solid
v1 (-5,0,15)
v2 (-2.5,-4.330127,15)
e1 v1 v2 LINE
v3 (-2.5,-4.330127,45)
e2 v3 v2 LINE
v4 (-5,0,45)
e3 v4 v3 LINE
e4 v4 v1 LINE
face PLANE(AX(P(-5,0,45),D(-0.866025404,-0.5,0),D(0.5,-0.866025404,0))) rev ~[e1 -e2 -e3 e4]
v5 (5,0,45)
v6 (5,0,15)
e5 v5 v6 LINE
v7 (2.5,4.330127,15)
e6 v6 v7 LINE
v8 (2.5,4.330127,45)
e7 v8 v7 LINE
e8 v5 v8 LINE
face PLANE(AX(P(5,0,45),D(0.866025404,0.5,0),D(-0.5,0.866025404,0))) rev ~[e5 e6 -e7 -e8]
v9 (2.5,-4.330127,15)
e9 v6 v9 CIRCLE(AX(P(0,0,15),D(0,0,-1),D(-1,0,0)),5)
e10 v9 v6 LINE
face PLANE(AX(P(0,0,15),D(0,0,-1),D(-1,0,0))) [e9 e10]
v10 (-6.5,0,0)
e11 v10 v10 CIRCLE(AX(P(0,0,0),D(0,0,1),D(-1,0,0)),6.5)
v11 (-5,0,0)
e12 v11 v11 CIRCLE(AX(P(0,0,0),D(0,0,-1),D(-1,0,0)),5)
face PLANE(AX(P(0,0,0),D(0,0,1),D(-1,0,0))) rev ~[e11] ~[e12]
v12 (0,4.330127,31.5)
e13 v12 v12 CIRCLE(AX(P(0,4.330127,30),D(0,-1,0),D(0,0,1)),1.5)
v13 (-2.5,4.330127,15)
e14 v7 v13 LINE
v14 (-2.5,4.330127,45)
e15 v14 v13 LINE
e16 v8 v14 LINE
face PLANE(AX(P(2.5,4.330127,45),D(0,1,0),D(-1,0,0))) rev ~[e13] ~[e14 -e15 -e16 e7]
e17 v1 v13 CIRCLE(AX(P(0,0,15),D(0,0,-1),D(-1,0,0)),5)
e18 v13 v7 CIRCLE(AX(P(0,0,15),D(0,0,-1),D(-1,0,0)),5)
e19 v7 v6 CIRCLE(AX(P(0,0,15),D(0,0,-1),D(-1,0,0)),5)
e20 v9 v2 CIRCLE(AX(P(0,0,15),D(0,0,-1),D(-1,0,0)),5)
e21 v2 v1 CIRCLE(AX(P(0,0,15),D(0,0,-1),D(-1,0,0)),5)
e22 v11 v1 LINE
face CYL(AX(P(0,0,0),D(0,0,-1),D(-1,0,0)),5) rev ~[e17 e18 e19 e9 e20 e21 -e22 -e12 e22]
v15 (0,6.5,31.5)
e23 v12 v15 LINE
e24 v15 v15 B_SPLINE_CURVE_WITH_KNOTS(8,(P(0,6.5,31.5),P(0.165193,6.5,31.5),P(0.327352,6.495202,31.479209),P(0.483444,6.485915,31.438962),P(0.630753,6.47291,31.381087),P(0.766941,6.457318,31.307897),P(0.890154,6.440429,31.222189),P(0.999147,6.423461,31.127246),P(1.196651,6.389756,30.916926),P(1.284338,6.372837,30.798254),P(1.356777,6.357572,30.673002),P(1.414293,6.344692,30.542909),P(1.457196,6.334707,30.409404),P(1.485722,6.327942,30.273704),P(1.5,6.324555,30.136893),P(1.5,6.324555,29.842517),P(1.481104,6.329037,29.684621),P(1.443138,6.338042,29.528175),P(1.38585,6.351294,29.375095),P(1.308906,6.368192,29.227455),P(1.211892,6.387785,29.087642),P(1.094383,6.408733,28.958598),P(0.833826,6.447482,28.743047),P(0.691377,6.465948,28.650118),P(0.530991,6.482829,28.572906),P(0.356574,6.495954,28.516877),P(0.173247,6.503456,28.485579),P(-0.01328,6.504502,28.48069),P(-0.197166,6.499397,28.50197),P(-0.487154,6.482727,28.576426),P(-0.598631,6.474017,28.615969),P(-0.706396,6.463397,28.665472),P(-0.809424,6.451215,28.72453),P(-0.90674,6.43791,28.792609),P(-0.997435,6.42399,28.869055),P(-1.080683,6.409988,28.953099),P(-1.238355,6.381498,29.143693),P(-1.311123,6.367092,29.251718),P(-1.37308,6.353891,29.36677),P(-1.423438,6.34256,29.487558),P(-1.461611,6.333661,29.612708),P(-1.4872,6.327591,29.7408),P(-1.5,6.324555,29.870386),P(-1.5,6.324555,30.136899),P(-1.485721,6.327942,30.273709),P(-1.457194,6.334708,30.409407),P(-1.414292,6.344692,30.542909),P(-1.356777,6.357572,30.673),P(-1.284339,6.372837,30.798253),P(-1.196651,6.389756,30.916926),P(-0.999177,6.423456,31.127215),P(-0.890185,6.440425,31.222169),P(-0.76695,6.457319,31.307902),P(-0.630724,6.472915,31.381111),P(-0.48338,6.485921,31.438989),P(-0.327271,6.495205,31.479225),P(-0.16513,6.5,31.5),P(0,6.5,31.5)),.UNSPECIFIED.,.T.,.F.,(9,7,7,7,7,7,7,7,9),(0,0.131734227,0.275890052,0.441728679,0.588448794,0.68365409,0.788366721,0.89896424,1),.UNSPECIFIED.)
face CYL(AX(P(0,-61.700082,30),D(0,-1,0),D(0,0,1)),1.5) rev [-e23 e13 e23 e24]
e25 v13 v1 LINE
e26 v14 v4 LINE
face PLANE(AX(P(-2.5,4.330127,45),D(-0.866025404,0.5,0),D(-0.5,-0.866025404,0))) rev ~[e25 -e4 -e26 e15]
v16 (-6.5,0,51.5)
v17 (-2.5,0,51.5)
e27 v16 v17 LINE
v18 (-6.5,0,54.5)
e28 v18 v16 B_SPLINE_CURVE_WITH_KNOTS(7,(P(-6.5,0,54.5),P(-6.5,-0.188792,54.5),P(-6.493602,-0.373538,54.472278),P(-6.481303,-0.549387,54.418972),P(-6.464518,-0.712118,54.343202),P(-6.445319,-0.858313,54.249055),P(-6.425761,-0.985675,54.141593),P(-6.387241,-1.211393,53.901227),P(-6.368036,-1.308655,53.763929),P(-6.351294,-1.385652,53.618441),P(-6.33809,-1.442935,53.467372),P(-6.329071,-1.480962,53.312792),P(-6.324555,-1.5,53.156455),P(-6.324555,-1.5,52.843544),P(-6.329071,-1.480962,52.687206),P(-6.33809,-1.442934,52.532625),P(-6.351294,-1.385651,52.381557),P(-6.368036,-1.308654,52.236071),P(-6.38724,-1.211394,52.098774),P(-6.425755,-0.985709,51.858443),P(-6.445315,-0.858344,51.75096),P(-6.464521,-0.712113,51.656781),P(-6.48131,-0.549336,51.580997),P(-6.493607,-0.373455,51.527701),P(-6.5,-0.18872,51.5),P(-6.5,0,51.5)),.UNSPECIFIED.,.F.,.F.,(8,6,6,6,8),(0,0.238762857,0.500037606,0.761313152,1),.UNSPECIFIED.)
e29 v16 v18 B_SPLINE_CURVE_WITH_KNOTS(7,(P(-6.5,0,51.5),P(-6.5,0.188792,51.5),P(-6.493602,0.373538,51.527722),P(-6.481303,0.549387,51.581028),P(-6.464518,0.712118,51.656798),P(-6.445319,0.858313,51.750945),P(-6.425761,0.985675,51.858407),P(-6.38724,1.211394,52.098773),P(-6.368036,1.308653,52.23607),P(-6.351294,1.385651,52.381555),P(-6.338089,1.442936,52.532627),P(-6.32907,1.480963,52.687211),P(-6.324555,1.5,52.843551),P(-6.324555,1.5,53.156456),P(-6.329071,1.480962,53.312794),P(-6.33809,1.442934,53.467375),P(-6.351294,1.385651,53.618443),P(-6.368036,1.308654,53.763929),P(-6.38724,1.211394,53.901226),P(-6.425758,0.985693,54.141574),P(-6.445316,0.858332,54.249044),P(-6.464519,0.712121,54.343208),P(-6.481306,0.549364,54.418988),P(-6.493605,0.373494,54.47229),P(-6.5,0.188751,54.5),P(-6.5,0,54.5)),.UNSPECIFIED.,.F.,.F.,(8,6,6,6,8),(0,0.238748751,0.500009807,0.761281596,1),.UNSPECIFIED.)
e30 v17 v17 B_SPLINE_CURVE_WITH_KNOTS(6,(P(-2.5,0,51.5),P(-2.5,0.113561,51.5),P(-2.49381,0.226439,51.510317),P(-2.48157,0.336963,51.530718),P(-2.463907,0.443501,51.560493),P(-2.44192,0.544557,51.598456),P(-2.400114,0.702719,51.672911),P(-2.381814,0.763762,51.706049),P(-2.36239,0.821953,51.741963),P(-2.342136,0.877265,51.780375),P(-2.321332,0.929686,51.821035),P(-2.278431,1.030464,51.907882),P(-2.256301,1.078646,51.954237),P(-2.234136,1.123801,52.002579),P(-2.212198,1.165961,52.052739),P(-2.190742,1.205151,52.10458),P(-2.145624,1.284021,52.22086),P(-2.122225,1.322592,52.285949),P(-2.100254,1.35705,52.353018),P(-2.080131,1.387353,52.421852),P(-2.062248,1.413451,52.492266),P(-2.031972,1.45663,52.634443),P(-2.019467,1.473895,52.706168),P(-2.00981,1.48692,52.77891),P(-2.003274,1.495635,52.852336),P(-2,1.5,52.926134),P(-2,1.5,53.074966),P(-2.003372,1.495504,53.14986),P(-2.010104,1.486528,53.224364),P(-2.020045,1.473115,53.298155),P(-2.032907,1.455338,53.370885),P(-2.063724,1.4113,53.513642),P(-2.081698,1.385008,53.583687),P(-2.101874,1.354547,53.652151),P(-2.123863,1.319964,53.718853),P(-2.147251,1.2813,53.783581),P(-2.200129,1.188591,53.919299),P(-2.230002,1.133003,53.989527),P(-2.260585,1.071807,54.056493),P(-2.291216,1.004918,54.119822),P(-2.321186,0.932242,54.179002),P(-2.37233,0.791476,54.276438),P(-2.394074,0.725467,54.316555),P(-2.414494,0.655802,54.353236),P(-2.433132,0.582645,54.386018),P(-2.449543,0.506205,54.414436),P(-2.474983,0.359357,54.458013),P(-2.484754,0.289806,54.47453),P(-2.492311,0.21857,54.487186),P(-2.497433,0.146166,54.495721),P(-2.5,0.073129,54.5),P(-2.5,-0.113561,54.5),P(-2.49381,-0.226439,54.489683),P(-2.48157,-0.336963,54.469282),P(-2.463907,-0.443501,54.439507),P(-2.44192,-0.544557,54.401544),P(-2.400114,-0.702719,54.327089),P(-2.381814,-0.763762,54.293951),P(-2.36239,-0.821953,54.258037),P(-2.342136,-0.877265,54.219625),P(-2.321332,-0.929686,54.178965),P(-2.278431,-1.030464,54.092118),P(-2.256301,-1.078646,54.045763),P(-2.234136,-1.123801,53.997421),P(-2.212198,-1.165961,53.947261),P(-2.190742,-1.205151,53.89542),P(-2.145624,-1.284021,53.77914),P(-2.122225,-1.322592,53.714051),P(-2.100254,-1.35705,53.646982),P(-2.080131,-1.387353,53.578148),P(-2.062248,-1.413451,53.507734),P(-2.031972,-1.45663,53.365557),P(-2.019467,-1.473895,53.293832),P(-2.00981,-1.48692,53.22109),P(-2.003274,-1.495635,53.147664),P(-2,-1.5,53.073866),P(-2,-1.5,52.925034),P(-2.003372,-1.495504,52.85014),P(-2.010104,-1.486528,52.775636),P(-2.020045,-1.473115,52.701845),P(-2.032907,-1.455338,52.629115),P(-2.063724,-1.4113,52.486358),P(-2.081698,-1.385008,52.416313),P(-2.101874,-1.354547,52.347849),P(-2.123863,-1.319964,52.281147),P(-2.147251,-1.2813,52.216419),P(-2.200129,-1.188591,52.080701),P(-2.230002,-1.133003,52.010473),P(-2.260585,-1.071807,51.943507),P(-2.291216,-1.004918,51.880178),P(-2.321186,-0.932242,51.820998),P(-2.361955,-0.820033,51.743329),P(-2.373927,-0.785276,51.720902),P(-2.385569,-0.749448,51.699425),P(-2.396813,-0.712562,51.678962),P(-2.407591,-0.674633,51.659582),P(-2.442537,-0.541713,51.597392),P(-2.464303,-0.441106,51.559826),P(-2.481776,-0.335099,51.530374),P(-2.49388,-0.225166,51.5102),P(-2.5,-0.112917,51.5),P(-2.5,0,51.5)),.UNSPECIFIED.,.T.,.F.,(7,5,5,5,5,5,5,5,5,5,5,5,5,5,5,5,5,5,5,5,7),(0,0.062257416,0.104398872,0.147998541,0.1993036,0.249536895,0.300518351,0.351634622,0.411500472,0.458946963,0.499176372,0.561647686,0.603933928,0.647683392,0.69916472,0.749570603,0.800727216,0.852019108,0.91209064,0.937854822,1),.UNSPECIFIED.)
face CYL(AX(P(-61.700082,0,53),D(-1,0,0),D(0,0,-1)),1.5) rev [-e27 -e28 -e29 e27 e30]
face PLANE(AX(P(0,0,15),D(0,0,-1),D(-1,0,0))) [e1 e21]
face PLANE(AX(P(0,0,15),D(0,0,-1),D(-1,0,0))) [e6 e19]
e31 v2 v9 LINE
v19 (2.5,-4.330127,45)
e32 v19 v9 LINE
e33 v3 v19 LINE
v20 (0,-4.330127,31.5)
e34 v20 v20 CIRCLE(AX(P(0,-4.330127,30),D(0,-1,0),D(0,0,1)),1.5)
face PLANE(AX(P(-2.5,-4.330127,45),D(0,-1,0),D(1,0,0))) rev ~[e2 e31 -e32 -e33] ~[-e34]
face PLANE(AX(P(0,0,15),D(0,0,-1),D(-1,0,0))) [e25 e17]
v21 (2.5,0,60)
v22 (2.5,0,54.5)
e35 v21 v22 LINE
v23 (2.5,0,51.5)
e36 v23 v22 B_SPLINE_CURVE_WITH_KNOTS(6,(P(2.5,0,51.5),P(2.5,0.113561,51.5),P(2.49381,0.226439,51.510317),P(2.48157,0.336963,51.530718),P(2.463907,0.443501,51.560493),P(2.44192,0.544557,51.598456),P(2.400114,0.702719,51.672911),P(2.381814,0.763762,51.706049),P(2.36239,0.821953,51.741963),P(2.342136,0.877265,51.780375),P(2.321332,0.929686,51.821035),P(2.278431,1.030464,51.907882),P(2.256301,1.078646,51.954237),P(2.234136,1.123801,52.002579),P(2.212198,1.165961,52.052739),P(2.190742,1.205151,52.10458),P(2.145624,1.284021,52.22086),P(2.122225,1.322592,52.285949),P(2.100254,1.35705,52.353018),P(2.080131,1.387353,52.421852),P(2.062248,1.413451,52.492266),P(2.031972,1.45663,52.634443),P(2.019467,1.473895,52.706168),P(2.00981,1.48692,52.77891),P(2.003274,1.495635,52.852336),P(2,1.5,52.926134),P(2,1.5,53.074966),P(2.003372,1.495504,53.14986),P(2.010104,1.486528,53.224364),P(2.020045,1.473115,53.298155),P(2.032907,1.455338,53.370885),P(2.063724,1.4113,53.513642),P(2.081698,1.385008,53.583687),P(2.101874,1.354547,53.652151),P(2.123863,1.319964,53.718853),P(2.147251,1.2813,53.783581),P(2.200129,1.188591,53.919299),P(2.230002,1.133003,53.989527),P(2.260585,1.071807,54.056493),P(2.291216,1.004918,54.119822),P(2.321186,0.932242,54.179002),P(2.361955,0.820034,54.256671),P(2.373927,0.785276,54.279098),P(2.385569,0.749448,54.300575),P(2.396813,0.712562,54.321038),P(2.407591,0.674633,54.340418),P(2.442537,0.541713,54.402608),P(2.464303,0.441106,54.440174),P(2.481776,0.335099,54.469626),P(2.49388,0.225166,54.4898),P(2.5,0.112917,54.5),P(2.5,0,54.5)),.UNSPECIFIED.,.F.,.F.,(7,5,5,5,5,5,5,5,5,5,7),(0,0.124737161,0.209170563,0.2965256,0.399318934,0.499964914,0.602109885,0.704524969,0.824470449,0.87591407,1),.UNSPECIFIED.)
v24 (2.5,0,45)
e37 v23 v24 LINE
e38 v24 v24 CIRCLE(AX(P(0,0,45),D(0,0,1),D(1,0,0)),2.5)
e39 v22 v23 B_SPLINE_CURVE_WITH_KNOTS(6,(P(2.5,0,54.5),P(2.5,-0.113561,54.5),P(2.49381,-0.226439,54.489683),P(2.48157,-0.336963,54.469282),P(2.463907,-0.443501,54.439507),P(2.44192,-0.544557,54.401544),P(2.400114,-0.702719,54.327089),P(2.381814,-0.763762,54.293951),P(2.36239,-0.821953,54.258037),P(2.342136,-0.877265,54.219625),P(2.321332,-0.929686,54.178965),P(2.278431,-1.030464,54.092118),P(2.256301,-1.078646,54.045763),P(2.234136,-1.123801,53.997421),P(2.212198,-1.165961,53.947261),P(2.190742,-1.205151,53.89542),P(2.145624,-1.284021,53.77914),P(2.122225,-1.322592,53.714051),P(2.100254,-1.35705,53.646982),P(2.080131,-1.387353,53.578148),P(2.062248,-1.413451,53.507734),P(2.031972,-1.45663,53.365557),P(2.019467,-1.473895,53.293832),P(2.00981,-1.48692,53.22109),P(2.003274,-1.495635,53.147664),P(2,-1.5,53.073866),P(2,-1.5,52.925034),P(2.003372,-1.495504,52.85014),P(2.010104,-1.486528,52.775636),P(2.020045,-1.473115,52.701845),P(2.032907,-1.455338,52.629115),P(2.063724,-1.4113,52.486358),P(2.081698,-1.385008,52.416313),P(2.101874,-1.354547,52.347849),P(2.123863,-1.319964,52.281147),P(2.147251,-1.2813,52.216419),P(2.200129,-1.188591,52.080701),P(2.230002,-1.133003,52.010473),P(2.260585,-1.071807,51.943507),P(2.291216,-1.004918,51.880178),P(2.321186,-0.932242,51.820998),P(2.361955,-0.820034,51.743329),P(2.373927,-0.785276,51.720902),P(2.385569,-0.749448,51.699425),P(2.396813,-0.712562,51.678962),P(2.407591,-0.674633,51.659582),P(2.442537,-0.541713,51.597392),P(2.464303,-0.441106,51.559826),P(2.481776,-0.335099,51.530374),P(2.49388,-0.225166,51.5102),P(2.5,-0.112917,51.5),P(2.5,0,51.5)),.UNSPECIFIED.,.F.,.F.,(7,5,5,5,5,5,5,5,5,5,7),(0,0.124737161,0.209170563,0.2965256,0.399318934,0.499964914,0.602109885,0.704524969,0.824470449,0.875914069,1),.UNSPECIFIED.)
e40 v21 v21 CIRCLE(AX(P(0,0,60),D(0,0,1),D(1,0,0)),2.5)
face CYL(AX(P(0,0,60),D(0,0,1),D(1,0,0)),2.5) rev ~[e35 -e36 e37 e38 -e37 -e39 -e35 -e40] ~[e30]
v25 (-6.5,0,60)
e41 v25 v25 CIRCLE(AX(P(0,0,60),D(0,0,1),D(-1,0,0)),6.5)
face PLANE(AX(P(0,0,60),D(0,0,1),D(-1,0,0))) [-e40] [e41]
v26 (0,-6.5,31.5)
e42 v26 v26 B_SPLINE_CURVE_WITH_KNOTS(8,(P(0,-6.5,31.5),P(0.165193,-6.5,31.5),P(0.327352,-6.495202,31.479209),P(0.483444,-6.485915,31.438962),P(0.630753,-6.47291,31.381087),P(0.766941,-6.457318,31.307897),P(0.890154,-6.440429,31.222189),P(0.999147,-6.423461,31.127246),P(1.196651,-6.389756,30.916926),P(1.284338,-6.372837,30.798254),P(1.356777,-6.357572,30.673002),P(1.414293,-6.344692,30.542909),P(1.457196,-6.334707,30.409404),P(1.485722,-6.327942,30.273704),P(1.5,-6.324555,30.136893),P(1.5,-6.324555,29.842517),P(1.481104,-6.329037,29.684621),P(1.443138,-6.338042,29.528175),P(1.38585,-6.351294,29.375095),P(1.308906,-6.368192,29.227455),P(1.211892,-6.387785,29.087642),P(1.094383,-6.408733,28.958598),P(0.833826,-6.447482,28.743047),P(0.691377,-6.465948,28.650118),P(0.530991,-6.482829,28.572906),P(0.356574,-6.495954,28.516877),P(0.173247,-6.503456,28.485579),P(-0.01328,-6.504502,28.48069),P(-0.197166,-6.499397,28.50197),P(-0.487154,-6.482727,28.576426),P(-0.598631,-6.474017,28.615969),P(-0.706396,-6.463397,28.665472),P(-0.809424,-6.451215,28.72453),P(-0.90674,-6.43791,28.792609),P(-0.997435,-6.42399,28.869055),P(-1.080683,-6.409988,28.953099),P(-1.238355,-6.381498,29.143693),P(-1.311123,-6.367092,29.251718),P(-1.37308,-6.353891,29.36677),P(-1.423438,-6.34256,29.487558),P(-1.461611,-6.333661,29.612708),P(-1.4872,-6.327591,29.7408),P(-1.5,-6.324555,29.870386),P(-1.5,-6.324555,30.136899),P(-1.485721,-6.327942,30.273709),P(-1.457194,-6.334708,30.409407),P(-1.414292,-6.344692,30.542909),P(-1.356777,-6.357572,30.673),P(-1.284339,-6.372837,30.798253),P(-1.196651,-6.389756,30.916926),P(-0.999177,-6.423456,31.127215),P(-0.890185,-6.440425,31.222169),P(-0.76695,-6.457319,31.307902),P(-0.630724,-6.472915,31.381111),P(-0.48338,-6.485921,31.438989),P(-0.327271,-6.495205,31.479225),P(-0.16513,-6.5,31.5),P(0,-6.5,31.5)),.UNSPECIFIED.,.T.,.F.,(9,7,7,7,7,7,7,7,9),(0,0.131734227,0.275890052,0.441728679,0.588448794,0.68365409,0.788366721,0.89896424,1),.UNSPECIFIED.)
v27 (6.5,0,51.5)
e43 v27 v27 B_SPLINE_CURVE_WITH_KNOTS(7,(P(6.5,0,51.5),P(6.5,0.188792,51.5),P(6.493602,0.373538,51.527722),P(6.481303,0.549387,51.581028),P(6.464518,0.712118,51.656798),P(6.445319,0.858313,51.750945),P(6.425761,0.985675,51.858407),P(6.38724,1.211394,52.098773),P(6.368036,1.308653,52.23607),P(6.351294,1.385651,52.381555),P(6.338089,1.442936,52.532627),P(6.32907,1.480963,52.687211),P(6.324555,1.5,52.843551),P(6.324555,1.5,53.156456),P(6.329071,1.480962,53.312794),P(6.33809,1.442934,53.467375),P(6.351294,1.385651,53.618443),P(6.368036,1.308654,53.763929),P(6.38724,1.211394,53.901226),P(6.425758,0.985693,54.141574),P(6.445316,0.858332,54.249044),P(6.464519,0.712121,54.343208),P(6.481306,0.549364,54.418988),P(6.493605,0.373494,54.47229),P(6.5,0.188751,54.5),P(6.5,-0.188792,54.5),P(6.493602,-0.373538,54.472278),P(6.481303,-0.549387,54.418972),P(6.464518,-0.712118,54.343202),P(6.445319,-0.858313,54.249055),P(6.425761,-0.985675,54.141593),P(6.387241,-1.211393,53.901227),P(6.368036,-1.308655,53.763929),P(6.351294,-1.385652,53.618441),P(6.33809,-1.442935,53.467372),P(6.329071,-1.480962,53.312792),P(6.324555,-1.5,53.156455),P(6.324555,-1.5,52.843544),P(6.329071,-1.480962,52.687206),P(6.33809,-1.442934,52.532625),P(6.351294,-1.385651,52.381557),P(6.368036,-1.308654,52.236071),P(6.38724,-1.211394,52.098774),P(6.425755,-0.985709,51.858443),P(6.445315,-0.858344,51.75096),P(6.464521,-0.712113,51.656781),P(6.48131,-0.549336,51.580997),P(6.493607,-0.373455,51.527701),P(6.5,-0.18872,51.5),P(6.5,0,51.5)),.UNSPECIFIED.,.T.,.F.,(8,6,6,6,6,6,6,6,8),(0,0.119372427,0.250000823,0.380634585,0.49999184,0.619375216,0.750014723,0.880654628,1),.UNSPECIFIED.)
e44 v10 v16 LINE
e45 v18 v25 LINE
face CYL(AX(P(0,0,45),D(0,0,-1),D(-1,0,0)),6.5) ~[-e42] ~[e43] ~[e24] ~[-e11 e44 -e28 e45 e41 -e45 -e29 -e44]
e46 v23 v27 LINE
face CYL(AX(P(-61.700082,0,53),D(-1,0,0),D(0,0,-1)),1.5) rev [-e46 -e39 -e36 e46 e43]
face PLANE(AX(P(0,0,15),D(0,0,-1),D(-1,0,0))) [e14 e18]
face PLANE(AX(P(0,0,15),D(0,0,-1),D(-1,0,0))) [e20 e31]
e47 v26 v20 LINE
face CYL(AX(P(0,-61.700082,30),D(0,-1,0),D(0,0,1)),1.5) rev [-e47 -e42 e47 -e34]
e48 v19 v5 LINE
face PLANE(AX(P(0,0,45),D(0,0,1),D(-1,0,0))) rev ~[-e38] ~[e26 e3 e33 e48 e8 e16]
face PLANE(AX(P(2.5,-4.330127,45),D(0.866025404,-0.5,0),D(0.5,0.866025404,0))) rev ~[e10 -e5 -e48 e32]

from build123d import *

# Parameters (mm, degrees)
CROQUIS1_R                 = 6.5
SALIENTE_EXTRUIR1_DEPTH    = 45
CROQUIS2_R                 = 5
CORTAR_EXTRUIR1_DEPTH      = 15
CORTAR_EXTRUIR2_REACH      = 47.929
CROQUIS4_R                 = 6.5
SALIENTE_EXTRUIR2_DEPTH    = 15
CORTAR_EXTRUIR3_REACH      = 62.7
CROQUIS5_R                 = 2.5
CORTAR_EXTRUIR4_DEPTH      = 61.700082372
CORTAR_EXTRUIR4_DEPTH_BACK = 61.700082372
CROQUIS7_R                 = 1.5
CORTAR_EXTRUIR5_DEPTH      = 61.700082493
CORTAR_EXTRUIR5_DEPTH_BACK = 61.700082493
CROQUIS8_R                 = 1.5


with BuildPart() as part:
    # Croquis1 → Saliente-Extruir1 (new body)
    with BuildSketch(Plane.XY):
        with Locations(Location((0, 0, 0), (0, 0, 180))):
            Circle(CROQUIS1_R)
    extrude(amount=SALIENTE_EXTRUIR1_DEPTH)

    # Croquis2 → Cortar-Extruir1 (cut)
    with BuildSketch(Plane(origin=(0, 0, 0), x_dir=(-1, 0, 0), z_dir=(0, 0, -1))):
        Circle(CROQUIS2_R)
    extrude(amount=-CORTAR_EXTRUIR1_DEPTH, mode=Mode.SUBTRACT)

    # Croquis3 → Cortar-Extruir2 (cut, up to next)
    with BuildSketch(Plane.XY.offset(45), mode=Mode.PRIVATE) as cortar_extruir2_sk1:
        Polygon((-5, 0), (-2.5, -4.330127019), (2.5, -4.330127019), (5, 0), (2.5, 4.330127019), (-2.5, 4.330127019), align=None)
    cortar_extruir2_tool1 = extrude(cortar_extruir2_sk1.sketch, amount=-CORTAR_EXTRUIR2_REACH, mode=Mode.PRIVATE) & part.part
    add(cortar_extruir2_tool1.solids().sort_by_distance((0, 0, 45))[0], mode=Mode.SUBTRACT)

    # Croquis4 → Saliente-Extruir2 (add)
    with BuildSketch(Plane.XY.offset(45)):
        with Locations(Location((0, 0, 0), (0, 0, 180))):
            Circle(CROQUIS4_R)
    extrude(amount=SALIENTE_EXTRUIR2_DEPTH)

    # Croquis5 → Cortar-Extruir3 (cut, up to next)
    with BuildSketch(Plane.XY.offset(60), mode=Mode.PRIVATE) as cortar_extruir3_sk1:
        Circle(CROQUIS5_R)
    cortar_extruir3_tool1 = extrude(cortar_extruir3_sk1.sketch, amount=-CORTAR_EXTRUIR3_REACH, mode=Mode.PRIVATE) & part.part
    add(cortar_extruir3_tool1.solids().sort_by_distance((0, 0, 60))[0], mode=Mode.SUBTRACT)

    # Croquis7 → Cortar-Extruir4 (cut, two sides: drawn at the far end of the back side and taken through both)
    with BuildSketch(Plane(origin=(0, 0, 0), x_dir=(0, 0, -1), z_dir=(1, 0, 0)).offset(-CORTAR_EXTRUIR4_DEPTH_BACK)):
        with Locations((-53, 0)):
            Circle(CROQUIS7_R)
    extrude(amount=CORTAR_EXTRUIR4_DEPTH + CORTAR_EXTRUIR4_DEPTH_BACK, mode=Mode.SUBTRACT)

    # Croquis8 → Cortar-Extruir5 (cut, two sides: drawn at the far end of the back side and taken through both)
    with BuildSketch(Plane(origin=(0, 0, 0), x_dir=(1, 0, 0), z_dir=(0, 1, 0)).offset(-CORTAR_EXTRUIR5_DEPTH_BACK)):
        with Locations(Location((0, -30, 0), (0, 0, 270))):
            Circle(CROQUIS8_R)
    extrude(amount=CORTAR_EXTRUIR5_DEPTH + CORTAR_EXTRUIR5_DEPTH_BACK, mode=Mode.SUBTRACT)


solid = part.part
